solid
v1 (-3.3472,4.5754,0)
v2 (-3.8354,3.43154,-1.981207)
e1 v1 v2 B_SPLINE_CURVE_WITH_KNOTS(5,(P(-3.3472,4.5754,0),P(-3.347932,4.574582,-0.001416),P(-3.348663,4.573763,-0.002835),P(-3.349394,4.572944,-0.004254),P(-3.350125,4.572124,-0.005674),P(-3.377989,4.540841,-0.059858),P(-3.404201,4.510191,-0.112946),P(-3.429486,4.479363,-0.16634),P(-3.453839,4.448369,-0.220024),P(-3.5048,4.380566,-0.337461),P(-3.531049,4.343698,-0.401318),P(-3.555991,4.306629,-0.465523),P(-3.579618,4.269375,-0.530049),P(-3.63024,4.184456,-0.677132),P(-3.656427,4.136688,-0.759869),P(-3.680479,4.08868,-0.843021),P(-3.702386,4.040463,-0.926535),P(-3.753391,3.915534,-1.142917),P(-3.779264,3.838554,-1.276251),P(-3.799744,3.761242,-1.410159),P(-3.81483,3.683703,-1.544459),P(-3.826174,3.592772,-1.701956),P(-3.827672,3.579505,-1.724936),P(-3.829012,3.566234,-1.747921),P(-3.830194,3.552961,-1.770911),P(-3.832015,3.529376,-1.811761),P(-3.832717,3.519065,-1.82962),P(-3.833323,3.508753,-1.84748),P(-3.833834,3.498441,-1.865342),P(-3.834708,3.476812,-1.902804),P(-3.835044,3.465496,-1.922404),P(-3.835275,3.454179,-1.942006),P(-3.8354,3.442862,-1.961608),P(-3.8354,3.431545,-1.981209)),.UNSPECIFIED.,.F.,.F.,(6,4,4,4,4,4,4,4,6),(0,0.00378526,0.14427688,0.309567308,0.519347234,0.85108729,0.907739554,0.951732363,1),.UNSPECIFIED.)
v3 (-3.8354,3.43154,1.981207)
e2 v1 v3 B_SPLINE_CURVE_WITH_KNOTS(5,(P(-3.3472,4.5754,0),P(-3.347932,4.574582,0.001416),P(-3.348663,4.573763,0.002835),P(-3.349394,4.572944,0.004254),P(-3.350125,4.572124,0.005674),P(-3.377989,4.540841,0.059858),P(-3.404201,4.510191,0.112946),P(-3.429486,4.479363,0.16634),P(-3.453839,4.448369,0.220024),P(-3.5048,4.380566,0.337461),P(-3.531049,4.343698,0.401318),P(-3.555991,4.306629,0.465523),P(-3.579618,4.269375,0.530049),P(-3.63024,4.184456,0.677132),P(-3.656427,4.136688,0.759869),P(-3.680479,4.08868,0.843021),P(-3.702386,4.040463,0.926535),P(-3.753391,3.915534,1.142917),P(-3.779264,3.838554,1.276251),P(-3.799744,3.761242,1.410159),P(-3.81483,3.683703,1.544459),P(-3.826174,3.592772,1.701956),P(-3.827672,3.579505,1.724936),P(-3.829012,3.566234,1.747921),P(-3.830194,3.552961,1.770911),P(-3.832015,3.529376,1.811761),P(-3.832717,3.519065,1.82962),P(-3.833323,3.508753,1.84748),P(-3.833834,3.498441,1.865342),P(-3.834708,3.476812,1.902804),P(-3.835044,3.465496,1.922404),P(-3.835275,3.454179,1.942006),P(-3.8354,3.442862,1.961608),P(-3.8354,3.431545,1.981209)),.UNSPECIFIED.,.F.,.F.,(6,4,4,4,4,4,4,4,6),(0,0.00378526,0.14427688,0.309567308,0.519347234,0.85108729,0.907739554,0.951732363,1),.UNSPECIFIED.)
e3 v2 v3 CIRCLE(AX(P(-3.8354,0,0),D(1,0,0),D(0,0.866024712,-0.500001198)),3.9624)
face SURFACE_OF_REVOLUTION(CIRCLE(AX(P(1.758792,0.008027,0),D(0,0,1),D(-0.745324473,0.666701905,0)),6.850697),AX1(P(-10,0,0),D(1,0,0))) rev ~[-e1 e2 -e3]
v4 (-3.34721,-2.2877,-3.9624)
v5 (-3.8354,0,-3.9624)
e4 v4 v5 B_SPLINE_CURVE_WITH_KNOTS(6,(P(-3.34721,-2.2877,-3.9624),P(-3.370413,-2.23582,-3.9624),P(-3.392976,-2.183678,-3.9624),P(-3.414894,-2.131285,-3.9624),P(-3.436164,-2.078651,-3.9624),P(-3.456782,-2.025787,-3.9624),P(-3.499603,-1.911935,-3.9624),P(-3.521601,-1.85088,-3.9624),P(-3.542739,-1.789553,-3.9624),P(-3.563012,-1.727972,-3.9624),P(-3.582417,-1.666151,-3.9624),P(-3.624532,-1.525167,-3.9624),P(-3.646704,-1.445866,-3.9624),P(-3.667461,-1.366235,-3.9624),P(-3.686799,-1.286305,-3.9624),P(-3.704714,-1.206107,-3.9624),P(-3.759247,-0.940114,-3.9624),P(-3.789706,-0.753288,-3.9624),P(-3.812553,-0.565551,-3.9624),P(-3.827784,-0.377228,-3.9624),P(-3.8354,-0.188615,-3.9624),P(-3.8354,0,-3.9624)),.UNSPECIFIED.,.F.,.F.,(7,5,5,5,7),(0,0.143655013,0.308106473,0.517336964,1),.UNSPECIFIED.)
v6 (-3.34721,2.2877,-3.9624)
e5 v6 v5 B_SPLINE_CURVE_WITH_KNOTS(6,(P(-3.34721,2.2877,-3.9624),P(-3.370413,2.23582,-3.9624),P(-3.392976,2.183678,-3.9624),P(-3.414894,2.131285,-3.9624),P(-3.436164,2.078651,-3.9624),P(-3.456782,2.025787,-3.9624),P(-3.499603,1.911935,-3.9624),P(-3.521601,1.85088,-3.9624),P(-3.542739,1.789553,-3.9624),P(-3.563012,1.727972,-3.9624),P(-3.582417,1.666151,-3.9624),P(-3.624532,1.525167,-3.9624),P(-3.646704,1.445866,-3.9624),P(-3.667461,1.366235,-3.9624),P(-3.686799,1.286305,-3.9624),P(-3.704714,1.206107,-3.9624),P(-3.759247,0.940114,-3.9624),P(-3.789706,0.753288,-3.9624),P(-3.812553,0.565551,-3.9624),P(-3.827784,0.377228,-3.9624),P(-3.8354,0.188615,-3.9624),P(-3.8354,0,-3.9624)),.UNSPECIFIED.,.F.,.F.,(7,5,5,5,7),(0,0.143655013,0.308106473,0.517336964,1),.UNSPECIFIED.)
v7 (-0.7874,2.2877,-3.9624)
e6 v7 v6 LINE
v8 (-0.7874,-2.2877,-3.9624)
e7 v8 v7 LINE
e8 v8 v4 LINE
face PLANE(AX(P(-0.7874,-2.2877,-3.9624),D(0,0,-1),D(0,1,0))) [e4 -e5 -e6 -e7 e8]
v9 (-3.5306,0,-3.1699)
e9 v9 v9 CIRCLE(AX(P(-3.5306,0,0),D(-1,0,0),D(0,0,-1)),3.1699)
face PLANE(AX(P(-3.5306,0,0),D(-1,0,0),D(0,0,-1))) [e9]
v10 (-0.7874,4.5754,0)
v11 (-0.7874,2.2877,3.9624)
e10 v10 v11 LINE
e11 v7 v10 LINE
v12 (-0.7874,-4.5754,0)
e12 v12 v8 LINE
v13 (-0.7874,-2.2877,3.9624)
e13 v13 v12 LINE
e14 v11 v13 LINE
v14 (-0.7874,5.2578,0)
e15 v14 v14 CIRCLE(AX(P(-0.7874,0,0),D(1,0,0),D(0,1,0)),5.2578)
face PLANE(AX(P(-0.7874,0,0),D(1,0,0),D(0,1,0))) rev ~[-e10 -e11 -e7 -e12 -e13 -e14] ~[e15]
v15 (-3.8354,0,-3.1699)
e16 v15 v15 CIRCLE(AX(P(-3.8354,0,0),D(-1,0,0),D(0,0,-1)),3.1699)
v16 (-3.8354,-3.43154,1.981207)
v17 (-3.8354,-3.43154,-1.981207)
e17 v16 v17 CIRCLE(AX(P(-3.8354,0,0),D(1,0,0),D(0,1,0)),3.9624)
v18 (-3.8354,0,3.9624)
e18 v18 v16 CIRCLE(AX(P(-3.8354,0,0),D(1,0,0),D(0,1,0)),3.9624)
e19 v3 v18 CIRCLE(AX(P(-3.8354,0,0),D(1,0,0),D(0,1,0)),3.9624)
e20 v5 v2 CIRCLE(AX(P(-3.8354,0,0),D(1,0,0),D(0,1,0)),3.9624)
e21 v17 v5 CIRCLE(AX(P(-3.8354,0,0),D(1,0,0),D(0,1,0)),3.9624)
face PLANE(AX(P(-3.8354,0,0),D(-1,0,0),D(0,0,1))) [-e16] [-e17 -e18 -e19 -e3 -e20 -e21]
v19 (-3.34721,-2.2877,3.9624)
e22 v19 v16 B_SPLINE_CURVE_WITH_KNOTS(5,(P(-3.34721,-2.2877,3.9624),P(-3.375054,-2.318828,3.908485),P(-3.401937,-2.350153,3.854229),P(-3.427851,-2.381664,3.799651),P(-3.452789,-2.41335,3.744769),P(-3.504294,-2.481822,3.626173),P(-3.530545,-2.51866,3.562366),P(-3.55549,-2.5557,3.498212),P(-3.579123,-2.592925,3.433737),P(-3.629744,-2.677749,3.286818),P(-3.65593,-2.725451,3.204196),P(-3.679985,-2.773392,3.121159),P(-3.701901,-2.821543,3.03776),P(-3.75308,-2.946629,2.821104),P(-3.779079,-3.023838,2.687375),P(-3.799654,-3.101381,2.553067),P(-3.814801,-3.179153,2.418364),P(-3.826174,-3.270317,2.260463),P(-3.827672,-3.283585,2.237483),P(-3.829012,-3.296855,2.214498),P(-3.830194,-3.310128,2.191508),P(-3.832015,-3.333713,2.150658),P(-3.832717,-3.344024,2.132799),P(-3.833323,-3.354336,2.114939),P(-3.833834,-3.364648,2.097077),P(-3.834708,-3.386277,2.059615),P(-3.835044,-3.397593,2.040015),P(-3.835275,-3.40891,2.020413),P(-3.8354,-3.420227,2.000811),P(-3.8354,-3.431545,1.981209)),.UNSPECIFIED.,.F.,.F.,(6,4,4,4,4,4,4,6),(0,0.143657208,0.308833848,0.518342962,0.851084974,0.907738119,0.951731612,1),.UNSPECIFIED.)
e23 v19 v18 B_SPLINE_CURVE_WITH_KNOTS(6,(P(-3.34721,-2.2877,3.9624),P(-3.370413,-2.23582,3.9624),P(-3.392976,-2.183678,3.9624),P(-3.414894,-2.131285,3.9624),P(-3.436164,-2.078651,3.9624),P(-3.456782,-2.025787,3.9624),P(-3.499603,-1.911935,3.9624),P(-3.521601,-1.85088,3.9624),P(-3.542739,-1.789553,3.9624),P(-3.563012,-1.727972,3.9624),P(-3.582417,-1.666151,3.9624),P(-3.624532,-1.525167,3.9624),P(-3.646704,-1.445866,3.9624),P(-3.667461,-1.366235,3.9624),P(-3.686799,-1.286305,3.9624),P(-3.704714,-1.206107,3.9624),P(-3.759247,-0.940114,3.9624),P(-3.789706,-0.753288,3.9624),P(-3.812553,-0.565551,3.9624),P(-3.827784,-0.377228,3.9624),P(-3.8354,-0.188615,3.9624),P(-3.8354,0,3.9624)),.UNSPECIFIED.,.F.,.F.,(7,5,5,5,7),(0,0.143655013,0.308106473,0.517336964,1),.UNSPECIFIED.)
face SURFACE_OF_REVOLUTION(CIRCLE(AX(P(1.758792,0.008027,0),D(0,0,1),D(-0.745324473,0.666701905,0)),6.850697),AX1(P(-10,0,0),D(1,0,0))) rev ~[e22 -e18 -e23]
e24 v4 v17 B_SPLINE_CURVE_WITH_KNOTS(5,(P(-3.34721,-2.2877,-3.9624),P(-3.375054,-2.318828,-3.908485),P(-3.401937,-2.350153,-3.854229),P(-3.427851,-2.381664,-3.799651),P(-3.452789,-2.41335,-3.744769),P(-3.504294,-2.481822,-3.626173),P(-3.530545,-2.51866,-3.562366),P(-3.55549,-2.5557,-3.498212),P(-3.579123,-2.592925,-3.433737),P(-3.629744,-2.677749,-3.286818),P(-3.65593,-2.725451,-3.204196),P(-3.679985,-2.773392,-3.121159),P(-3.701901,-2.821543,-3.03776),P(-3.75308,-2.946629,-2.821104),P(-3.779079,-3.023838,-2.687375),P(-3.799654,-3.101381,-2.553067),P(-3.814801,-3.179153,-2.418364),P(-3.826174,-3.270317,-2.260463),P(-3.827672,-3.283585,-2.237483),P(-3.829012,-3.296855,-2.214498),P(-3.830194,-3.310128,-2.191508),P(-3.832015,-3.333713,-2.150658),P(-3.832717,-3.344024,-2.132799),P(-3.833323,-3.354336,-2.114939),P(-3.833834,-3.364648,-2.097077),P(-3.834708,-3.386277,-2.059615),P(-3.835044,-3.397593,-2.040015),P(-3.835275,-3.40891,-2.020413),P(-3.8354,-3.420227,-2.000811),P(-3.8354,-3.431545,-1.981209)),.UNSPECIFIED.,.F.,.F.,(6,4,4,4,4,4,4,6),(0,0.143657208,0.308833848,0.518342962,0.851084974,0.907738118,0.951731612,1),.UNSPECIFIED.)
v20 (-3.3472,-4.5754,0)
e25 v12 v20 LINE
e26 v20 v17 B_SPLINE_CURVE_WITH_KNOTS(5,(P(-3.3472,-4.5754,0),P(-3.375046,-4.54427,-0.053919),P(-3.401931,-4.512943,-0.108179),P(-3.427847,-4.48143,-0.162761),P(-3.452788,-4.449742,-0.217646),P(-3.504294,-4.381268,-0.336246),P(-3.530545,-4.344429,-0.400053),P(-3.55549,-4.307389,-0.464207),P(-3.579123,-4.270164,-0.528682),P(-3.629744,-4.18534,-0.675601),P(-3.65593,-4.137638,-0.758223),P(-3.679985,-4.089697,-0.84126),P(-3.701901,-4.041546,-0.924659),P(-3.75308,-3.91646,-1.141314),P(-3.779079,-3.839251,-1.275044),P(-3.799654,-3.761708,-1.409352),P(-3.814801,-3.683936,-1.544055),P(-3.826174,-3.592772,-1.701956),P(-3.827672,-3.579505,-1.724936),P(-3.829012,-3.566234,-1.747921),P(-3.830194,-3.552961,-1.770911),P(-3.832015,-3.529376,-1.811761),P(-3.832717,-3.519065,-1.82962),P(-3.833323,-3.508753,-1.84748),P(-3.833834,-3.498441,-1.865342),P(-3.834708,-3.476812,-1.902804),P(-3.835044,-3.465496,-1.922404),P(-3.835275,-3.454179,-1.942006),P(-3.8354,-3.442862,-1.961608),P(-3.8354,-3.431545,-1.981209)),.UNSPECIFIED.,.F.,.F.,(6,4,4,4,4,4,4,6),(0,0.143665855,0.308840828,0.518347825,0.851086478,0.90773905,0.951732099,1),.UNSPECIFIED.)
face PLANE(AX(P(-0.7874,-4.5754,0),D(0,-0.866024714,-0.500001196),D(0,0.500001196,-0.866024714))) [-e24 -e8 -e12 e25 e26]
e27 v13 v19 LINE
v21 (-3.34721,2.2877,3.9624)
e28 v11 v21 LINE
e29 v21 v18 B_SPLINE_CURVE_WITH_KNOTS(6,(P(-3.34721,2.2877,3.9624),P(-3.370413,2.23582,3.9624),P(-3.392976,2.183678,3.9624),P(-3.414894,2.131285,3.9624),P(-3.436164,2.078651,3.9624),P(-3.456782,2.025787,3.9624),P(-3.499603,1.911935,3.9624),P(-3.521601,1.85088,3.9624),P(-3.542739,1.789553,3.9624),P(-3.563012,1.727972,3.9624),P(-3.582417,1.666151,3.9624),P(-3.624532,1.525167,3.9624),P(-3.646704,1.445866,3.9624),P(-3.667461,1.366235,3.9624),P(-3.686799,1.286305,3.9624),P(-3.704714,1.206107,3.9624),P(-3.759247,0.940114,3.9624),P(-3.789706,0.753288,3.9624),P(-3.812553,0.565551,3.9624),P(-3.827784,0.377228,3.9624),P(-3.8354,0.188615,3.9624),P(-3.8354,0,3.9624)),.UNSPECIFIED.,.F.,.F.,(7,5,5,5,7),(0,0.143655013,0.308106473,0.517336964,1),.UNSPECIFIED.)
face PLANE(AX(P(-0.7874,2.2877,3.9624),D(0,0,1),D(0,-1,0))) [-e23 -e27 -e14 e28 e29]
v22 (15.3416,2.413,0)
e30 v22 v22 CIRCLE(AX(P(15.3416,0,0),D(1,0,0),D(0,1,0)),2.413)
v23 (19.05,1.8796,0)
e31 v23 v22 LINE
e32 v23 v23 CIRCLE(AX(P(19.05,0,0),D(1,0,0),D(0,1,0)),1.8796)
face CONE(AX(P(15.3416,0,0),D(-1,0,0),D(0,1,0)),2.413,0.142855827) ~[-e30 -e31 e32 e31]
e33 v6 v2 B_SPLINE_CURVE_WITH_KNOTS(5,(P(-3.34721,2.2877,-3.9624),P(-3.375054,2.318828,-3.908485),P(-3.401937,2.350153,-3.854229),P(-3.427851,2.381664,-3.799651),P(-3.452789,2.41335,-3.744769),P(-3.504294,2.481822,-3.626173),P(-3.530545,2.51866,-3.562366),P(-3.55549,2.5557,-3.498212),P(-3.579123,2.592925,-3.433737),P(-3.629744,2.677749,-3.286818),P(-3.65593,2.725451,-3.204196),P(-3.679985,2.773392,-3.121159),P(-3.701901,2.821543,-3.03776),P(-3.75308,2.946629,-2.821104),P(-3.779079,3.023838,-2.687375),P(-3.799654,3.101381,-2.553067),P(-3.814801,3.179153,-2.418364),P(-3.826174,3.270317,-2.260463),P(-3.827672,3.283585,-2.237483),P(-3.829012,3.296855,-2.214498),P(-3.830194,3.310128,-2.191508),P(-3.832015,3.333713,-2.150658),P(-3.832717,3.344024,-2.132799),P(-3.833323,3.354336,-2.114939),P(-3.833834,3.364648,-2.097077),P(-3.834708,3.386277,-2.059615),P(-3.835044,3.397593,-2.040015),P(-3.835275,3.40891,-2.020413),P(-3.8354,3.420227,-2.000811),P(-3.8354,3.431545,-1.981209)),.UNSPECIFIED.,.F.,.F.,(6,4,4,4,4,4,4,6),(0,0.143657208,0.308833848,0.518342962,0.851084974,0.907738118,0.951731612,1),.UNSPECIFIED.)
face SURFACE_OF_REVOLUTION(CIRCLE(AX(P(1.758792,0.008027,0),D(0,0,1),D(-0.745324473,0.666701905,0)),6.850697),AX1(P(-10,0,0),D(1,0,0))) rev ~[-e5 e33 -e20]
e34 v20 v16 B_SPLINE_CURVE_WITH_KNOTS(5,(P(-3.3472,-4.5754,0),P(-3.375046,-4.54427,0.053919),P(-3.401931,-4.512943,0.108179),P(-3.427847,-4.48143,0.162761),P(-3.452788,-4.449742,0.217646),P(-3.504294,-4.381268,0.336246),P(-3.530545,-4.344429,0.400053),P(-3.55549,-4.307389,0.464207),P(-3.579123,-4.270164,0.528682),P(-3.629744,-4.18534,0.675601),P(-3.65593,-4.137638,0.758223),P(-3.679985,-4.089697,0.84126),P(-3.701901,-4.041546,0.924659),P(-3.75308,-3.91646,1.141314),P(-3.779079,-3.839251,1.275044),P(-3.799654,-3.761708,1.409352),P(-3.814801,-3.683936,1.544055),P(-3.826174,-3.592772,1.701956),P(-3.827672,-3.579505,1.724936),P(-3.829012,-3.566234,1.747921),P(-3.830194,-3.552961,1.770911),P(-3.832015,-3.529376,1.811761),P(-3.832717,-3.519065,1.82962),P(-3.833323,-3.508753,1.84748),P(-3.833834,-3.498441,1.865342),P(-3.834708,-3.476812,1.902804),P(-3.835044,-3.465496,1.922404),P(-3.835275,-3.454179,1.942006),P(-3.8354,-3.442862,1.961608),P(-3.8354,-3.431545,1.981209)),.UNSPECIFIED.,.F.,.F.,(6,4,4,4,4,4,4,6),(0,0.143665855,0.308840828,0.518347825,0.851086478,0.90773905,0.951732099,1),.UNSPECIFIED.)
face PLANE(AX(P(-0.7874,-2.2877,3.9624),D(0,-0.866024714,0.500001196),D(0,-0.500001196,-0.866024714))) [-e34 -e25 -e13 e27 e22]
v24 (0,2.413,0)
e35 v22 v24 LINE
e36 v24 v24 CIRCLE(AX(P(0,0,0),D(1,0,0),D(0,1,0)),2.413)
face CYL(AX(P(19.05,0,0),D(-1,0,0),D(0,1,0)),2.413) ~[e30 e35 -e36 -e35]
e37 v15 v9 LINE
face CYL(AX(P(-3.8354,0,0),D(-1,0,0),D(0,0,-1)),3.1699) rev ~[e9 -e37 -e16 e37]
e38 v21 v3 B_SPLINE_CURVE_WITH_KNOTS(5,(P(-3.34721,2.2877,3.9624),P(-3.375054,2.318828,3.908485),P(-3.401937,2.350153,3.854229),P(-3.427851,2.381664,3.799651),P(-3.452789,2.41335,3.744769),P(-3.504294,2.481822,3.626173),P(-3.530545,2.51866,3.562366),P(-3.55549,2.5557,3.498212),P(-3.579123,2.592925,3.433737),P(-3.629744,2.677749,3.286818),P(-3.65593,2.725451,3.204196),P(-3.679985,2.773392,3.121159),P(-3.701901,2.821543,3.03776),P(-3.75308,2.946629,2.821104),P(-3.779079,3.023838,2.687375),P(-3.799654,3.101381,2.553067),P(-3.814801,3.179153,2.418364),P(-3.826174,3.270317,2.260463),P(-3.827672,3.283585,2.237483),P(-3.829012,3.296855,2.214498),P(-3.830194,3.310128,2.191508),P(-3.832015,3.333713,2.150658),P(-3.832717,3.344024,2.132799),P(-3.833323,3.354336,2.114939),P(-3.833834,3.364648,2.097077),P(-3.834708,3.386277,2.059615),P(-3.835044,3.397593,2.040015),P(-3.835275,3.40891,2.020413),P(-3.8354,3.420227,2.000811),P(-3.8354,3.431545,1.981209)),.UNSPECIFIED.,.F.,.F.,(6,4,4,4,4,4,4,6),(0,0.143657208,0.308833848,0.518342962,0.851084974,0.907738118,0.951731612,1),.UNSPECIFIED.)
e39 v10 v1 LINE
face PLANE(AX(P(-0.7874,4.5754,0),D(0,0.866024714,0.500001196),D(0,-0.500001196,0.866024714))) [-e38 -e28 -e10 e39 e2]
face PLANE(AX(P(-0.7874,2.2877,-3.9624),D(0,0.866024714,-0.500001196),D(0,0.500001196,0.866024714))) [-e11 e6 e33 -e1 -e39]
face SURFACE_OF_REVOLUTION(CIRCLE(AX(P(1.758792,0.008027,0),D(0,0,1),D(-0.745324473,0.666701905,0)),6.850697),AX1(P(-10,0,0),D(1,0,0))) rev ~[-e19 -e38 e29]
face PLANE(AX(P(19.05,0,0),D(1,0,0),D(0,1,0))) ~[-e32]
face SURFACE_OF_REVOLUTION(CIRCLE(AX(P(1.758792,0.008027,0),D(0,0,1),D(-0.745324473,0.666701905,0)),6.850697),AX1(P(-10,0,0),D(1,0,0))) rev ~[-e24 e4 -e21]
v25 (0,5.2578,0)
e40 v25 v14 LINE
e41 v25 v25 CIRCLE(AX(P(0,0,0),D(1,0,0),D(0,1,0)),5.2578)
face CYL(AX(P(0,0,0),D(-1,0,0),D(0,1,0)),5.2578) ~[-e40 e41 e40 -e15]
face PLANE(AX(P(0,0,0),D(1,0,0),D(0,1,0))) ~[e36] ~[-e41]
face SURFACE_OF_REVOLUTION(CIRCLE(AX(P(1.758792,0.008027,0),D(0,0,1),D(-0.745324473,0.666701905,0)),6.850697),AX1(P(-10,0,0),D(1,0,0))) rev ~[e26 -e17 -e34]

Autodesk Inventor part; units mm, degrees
ref_plane "YZ Plane" through (0, 0, 0) normal (1, 0, 0) x (0, 1, 0)
sketch "Sketch1" plane through (0, 0, 0) normal (0, 0, 1) x (1, 0, 0)
  line L0 (-0.7874, 5.2578) -> (-0.7874, 0)
  line L1 (-0.7874, 0) -> (19.05, 0)
  line L2 (19.05, 0) -> (19.05, 2.413)
  line L3 (19.05, 2.413) -> (0, 2.413)
  line L4 (0, 2.413) -> (0, 5.2578)
  line L5 (-4.7549, 0) -> (23.0175, 0) projected
  line L6 (0, -1.0516) -> (0, 6.3094) projected
  line L7 (0, 5.2578) -> (-0.7874, 5.2578)
  dimension "d1" = 0.7874
  dimension "d2" = 4.826
  dimension "d3" = 19.05
  dimension "d22" = 10.5156
revolve "Body" add sketch "Sketch1" angle 360 about axis through (-0.7874, 0, 0) along (1, 0, 0)
sketch "Sketch2" plane through (-0.7874, 0, 0) normal (-1, 0, 0) x (0, 0, 1)
  line L0 (0, 4.5754) -> (3.9624, 2.2877)
  line L1 (3.9624, 2.2877) -> (3.9624, -2.2877)
  line L2 (3.9624, -2.2877) -> (0, -4.5754)
  line L3 (0, -4.5754) -> (-3.9624, -2.2877)
  line L4 (-3.9624, -2.2877) -> (-3.9624, 2.2877)
  line L5 (-3.9624, 2.2877) -> (0, 4.5754)
  circle A0 centre (0, 0) radius 5.2578 projected
  dimension "d11" = 7.9248
extrude "Head" add sketch "Sketch2" along normal blind 3.048 contours L0 L1 L2 L3 L4 L5
ref_plane "IDS_WORKPLANE{1}" through (-3.8354, 0, 0) normal (-1, 0, 0) x (0, 0, -1)
sketch "Sketch3" plane through (-3.8354, 0, 0) normal (-1, 0, 0) x (0, 0, -1)
  circle A0 centre (0, 0) radius 3.1699
  point P0 (0, 0)
  dimension "d15" = 6.3398
extrude "Indent" cut sketch "Sketch3" against normal blind 0.3048
thread "Thread" size "10-24 UNC" class "2A" standard "ANSI Unified Screw Threads" length 19.05
sketch "Sketch4" plane through (0, 0, 0) normal (0, 0, 1) x (1, 0, 0)
  line L0 (-3.8354, 3.9624) -> (-3.8354, 4.5754)
  line L1 (-3.8354, 4.5754) -> (-3.3472, 4.5754)
  line L2 (-3.8354, 4.5754) -> (-3.8354, 2.2877) projected
  line L3 (-4.9666, 0) -> (2.8908, 0) projected
  line L4 (-0.7874, 4.5754) -> (-3.8354, 4.5754) projected
  arc A0 (-3.3472, 4.5754) -> (-3.8354, 3.9624) centre (1.7683, 0) ccw
  dimension "d21" = 7.9248
  dimension "d23" = 6.8631
revolve "Chamfer1" cut sketch "Sketch4" angle 360 about axis through (-10, 0, 0) along (1, 0, 0)
chamfer "Chamfer2" distance 0.5334 distance2 3.7084 1 edges at (19.05, -2.413, 0) measured on face at (19.05, -0.4641, 1.0929)
ref_plane "Work Plane3" through (7, 0, 0) normal (0, 0, -1) x (1, 0, 0)
equation "\"d11\" = SW"
equation "\"d12\" = KOH"
equation "\"d15\" = SD3"
equation "\"d16\" = SB"
equation "\"d6\" = GEL"
equation "\"d19\" = -0.5 * GD2 + 0.5 * NND"
equation "\"d20\" = SPTZ"
equation "\"d1\" = SD"
equation "\"d2\" = NND"
equation "\"d3\" = NLG"
equation "\"d22\" = SD2"
equation "\"d21\" = SW"
equation "\"d23\" = 0.866025 * SW"
equation "\"NLG\" = 19.05"
equation "\"NND\" = 4.826"
equation "\"KOH\" = 3.048"
equation "\"GEL\" = 19.05"
equation "\"SW\" = 7.9248"
equation "\"GD2\" = 3.7592"
equation "\"SPTZ\" = 3.7084"
equation "\"SD3\" = 0.8 * SW"
equation "\"SB\" = 0.1 * KOH"
equation "\"SD2\" = 10.5156"
equation "\"SD\" = 0.7874"
equation "\"GD1\" = 3.7592"
equation "\"THREADDIA\" = 4.826"
equation "\"TOA\" = 30deg"
equation "\"E0\" = 9.15077"
properties part number "am-1165" material "Steel, Mild"
